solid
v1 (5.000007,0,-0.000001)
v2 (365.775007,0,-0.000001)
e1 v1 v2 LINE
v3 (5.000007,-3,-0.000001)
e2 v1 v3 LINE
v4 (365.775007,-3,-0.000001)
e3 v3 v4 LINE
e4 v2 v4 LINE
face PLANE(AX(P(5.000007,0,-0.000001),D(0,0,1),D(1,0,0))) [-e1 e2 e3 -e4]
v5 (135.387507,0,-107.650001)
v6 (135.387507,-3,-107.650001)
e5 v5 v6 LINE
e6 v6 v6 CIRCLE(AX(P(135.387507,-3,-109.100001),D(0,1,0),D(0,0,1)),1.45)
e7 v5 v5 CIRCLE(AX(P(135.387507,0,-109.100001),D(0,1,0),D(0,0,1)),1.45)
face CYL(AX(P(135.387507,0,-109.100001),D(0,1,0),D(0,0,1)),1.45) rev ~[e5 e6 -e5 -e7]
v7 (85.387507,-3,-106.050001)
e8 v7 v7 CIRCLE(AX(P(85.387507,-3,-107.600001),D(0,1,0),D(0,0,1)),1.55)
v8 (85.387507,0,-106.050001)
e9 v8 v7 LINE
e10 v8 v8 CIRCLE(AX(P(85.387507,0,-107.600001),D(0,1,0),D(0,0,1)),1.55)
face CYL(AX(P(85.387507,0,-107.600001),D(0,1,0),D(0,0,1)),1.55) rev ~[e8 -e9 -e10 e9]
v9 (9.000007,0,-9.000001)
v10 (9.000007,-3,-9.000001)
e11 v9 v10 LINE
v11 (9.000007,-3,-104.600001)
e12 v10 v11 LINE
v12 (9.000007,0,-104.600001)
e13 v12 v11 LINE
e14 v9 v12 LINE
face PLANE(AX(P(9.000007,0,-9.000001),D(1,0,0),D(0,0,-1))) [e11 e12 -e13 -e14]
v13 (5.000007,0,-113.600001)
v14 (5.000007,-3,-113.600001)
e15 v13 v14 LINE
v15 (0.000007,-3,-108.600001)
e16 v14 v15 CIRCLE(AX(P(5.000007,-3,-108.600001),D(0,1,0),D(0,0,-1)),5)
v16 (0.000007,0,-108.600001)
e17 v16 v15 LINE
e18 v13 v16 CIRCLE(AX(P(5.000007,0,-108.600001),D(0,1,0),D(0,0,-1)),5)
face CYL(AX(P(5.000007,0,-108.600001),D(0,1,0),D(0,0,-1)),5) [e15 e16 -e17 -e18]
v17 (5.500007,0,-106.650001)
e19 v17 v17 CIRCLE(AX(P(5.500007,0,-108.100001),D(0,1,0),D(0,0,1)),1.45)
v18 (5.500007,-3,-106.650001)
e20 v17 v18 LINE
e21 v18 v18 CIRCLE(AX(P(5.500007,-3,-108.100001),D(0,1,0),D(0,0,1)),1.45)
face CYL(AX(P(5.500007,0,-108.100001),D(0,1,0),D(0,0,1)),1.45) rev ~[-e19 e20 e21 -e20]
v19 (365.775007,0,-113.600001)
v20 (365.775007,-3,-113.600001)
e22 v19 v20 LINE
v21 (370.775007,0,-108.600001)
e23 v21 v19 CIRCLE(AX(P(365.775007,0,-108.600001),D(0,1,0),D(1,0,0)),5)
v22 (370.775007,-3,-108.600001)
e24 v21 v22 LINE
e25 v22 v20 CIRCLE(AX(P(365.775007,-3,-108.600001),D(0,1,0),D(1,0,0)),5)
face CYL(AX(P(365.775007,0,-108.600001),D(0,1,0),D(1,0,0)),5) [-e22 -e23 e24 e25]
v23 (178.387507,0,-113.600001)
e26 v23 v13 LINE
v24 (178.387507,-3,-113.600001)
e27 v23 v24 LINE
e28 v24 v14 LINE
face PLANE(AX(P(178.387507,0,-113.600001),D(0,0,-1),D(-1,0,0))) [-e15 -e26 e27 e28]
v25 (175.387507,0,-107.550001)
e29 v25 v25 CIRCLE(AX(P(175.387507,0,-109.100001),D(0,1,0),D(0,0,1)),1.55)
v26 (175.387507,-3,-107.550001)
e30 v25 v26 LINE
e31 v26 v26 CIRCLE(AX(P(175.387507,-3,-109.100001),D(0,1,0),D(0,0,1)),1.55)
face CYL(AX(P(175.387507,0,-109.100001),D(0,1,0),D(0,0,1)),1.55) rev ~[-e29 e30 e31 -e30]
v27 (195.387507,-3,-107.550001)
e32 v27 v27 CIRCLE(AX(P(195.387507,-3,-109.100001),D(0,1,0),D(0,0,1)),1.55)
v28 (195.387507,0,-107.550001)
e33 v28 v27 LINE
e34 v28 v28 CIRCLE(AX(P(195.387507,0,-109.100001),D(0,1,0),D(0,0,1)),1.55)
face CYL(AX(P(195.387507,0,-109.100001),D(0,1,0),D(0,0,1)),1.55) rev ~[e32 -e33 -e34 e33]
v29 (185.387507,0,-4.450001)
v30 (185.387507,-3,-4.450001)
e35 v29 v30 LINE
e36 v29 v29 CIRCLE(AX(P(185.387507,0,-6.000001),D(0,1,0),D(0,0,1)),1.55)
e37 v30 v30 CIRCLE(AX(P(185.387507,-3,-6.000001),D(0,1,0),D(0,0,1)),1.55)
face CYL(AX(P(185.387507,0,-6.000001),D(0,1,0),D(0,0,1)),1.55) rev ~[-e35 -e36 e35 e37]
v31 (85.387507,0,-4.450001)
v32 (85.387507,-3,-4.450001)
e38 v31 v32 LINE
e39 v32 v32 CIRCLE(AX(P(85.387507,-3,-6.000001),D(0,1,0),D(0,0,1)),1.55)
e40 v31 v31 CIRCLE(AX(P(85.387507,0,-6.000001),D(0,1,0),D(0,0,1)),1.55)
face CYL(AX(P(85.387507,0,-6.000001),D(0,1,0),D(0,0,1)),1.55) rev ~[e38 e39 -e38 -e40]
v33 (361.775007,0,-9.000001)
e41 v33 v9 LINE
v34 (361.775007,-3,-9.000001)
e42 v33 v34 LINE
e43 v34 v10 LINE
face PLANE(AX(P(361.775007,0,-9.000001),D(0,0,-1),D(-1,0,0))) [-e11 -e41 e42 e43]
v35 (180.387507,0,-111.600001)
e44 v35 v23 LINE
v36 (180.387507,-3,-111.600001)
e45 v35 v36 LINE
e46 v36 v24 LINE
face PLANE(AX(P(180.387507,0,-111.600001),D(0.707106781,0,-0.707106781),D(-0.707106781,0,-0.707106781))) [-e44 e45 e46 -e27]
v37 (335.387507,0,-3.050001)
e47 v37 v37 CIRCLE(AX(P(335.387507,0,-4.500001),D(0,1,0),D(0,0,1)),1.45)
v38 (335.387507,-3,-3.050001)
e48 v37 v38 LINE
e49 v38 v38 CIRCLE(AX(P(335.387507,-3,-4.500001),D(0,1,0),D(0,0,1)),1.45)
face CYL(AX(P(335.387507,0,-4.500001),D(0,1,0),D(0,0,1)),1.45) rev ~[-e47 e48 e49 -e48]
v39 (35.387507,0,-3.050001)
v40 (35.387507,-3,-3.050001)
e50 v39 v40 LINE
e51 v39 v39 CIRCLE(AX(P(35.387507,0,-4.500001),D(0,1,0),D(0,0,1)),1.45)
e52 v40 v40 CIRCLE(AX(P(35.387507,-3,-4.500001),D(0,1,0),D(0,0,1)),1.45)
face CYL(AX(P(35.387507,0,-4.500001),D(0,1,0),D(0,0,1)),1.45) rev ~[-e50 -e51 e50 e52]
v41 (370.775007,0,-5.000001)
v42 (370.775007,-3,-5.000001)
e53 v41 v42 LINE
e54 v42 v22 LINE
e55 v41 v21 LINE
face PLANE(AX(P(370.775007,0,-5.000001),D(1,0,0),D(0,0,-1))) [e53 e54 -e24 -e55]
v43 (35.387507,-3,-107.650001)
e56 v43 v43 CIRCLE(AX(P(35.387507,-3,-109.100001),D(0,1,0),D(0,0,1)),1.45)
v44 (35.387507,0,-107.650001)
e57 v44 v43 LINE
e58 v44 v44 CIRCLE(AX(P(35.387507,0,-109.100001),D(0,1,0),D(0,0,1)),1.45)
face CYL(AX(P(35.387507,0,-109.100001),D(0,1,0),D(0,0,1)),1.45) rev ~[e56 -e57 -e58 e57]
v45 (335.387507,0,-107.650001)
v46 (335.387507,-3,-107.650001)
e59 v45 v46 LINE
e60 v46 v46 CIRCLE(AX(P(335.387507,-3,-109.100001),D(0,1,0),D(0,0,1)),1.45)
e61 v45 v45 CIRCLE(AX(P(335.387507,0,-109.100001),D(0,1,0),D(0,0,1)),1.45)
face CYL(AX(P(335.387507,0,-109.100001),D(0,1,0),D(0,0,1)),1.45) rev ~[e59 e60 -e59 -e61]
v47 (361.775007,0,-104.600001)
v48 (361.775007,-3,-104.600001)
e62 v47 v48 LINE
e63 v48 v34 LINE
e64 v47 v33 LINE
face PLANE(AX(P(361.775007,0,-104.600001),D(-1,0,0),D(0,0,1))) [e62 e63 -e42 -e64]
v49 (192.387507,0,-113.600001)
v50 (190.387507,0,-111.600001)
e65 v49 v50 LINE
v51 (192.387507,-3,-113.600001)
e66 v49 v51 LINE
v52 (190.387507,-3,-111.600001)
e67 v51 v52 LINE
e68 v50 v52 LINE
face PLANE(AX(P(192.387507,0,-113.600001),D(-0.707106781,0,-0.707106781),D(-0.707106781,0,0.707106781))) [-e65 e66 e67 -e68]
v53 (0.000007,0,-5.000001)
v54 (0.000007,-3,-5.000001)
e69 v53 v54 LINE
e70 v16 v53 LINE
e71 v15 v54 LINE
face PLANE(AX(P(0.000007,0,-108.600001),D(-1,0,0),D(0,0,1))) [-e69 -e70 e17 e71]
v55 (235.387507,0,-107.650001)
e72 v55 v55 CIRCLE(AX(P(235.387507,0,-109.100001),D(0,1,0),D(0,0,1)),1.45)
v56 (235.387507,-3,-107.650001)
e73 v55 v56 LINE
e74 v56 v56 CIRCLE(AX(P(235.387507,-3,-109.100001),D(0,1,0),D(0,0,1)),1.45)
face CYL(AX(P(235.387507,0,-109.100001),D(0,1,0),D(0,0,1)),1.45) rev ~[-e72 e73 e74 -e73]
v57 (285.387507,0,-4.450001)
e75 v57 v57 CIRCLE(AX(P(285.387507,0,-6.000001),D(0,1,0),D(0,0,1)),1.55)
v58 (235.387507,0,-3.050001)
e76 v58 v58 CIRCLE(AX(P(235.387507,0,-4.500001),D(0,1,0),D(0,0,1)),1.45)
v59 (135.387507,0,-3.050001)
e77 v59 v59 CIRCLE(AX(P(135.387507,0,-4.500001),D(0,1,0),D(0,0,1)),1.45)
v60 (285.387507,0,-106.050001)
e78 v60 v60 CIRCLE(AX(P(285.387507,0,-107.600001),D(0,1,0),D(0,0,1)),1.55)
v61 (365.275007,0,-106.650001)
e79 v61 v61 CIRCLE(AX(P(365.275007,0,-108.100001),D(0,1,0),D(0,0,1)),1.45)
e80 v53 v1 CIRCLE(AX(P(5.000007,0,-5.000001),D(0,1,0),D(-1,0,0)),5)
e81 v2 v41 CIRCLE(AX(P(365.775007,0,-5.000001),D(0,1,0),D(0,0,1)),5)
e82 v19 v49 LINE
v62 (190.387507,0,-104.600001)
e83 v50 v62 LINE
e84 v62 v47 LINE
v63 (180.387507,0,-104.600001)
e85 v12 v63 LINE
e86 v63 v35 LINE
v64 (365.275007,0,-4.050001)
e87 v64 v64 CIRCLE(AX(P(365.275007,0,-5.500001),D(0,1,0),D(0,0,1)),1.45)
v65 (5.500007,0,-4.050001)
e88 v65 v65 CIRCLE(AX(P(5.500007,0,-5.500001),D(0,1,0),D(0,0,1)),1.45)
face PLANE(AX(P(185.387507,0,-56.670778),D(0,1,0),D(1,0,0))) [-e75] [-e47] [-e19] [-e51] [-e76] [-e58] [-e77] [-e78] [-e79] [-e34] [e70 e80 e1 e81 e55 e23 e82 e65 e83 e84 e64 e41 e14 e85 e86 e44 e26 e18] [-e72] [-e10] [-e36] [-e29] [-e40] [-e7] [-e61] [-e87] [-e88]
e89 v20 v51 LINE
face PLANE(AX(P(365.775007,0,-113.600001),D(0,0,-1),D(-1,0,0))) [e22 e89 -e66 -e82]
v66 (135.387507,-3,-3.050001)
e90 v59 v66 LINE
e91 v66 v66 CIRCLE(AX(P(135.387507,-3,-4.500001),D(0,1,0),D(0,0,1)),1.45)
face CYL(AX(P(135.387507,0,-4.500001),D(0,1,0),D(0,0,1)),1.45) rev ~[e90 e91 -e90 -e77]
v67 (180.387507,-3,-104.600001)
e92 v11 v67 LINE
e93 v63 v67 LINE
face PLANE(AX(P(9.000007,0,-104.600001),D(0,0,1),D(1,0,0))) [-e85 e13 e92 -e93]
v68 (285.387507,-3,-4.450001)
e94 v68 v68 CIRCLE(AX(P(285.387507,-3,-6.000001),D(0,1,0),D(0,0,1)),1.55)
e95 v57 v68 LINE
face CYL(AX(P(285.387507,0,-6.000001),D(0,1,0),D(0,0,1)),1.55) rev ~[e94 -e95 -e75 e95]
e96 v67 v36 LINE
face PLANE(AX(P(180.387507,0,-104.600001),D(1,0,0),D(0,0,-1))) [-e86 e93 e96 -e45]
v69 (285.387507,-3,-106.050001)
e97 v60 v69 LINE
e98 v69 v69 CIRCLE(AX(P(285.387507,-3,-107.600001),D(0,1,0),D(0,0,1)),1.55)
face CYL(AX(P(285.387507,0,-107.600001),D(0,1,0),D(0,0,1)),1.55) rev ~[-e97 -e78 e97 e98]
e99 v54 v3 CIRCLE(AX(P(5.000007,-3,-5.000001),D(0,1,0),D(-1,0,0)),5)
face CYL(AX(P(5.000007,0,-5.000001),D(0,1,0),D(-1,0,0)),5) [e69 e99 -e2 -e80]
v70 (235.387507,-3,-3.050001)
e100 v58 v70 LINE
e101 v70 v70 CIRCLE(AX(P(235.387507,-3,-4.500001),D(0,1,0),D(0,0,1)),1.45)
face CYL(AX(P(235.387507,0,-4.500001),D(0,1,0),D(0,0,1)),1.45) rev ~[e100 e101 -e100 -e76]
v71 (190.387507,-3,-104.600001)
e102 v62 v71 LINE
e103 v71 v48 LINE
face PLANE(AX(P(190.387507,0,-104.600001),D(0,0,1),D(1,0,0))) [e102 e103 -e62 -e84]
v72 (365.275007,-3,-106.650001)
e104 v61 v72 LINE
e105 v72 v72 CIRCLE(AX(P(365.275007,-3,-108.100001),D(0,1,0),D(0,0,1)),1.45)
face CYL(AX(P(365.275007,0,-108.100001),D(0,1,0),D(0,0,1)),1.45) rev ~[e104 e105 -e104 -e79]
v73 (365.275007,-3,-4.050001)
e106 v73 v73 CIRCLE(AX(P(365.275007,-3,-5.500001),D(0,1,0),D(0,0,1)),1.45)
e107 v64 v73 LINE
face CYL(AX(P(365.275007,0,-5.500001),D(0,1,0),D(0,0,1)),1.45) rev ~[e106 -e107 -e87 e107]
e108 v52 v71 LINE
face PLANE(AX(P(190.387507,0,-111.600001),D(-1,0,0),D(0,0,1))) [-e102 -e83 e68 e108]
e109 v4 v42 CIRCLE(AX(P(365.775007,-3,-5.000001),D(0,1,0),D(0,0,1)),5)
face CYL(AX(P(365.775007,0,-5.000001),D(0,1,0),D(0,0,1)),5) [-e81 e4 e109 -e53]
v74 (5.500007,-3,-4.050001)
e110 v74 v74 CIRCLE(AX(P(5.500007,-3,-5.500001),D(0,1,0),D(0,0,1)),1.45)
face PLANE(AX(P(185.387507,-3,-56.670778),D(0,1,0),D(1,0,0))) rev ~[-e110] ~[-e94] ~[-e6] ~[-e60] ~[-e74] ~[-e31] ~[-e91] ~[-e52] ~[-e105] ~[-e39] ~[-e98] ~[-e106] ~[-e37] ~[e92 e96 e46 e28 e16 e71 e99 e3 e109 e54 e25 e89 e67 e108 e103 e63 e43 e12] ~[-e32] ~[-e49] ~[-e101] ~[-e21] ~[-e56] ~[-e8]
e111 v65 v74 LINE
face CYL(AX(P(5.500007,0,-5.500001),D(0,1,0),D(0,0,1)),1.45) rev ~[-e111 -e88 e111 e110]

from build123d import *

# Parameters (mm, degrees)
SKETCH1_R           = 1.45
SKETCH1_R_2         = 1.55
BOSS_EXTRUDE1_DEPTH = 3


with BuildPart() as part:
    # Sketch1 → Boss-Extrude1 (new body)
    with BuildSketch(Plane(origin=(0, 0, 0), x_dir=(1, 0, 0), z_dir=(0, 1, 0))):
        with BuildLine():
            Line((6.611e-06, 108.600000663), (6.611e-06, 5.000000663))
            ThreePointArc((6.611e-06, 5.000000663), (1.464472705, 1.464466757), (5.000006611, 6.63e-07))
            Line((5.000006611, 6.63e-07), (365.775006611, 6.63e-07))
            ThreePointArc((365.775006611, 6.63e-07), (369.310540517, 1.464466757), (370.775006611, 5.000000663))
            Line((370.775006611, 5.000000663), (370.775006611, 108.600000663))
            ThreePointArc((370.775006611, 108.600000663), (369.310540517, 112.135534569), (365.775006611, 113.600000663))
            Line((365.775006611, 113.600000663), (192.387506611, 113.600000663))
            Line((192.387506611, 113.600000663), (190.387506611, 111.600000663))
            Line((190.387506611, 111.600000663), (190.387506611, 104.600000663))
            Line((190.387506611, 104.600000663), (361.775006611, 104.600000663))
            Line((361.775006611, 104.600000663), (361.775006611, 9.000000663))
            Line((361.775006611, 9.000000663), (9.000006611, 9.000000663))
            Line((9.000006611, 9.000000663), (9.000006611, 104.600000663))
            Line((9.000006611, 104.600000663), (180.387506611, 104.600000663))
            Line((180.387506611, 104.600000663), (180.387506611, 111.600000663))
            Line((180.387506611, 111.600000663), (178.387506611, 113.600000663))
            Line((178.387506611, 113.600000663), (5.000006611, 113.600000663))
            ThreePointArc((5.000006611, 113.600000663), (1.464472705, 112.135534569), (6.611e-06, 108.600000663))
        make_face()
        with Locations(Location((35.387506611, 4.500000663, 0), (0, 0, 270))):
            Circle(SKETCH1_R, mode=Mode.SUBTRACT)
        with Locations(Location((135.387506611, 4.500000663, 0), (0, 0, 270))):
            Circle(SKETCH1_R, mode=Mode.SUBTRACT)
        with Locations(Location((335.387506611, 4.500000663, 0), (0, 0, 270))):
            Circle(SKETCH1_R, mode=Mode.SUBTRACT)
        with Locations(Location((235.387506611, 4.500000663, 0), (0, 0, 270))):
            Circle(SKETCH1_R, mode=Mode.SUBTRACT)
        with Locations(Location((35.387506611, 109.100000663, 0), (0, 0, 270))):
            Circle(SKETCH1_R, mode=Mode.SUBTRACT)
        with Locations(Location((135.387506611, 109.100000663, 0), (0, 0, 270))):
            Circle(SKETCH1_R, mode=Mode.SUBTRACT)
        with Locations(Location((335.387506611, 109.100000663, 0), (0, 0, 270))):
            Circle(SKETCH1_R, mode=Mode.SUBTRACT)
        with Locations(Location((235.387506611, 109.100000663, 0), (0, 0, 270))):
            Circle(SKETCH1_R, mode=Mode.SUBTRACT)
        with Locations(Location((195.387506611, 109.100000663, 0), (0, 0, 270))):
            Circle(SKETCH1_R_2, mode=Mode.SUBTRACT)
        with Locations(Location((175.387506611, 109.100000663, 0), (0, 0, 270))):
            Circle(SKETCH1_R_2, mode=Mode.SUBTRACT)
        with Locations(Location((5.500006611, 108.100000663, 0), (0, 0, 270))):
            Circle(SKETCH1_R, mode=Mode.SUBTRACT)
        with Locations(Location((5.500006611, 5.500000663, 0), (0, 0, 270))):
            Circle(SKETCH1_R, mode=Mode.SUBTRACT)
        with Locations(Location((365.275006611, 5.500000663, 0), (0, 0, 270))):
            Circle(SKETCH1_R, mode=Mode.SUBTRACT)
        with Locations(Location((365.275006611, 108.100000663, 0), (0, 0, 270))):
            Circle(SKETCH1_R, mode=Mode.SUBTRACT)
        with Locations(Location((85.387506611, 107.600000663, 0), (0, 0, 270))):
            Circle(SKETCH1_R_2, mode=Mode.SUBTRACT)
        with Locations(Location((285.387506611, 107.600000663, 0), (0, 0, 270))):
            Circle(SKETCH1_R_2, mode=Mode.SUBTRACT)
        with Locations(Location((85.387506611, 6.000000663, 0), (0, 0, 270))):
            Circle(SKETCH1_R_2, mode=Mode.SUBTRACT)
        with Locations(Location((185.387506611, 6.000000663, 0), (0, 0, 270))):
            Circle(SKETCH1_R_2, mode=Mode.SUBTRACT)
        with Locations(Location((285.387506611, 6.000000663, 0), (0, 0, 270))):
            Circle(SKETCH1_R_2, mode=Mode.SUBTRACT)
    extrude(amount=-BOSS_EXTRUDE1_DEPTH)


solid = part.part
